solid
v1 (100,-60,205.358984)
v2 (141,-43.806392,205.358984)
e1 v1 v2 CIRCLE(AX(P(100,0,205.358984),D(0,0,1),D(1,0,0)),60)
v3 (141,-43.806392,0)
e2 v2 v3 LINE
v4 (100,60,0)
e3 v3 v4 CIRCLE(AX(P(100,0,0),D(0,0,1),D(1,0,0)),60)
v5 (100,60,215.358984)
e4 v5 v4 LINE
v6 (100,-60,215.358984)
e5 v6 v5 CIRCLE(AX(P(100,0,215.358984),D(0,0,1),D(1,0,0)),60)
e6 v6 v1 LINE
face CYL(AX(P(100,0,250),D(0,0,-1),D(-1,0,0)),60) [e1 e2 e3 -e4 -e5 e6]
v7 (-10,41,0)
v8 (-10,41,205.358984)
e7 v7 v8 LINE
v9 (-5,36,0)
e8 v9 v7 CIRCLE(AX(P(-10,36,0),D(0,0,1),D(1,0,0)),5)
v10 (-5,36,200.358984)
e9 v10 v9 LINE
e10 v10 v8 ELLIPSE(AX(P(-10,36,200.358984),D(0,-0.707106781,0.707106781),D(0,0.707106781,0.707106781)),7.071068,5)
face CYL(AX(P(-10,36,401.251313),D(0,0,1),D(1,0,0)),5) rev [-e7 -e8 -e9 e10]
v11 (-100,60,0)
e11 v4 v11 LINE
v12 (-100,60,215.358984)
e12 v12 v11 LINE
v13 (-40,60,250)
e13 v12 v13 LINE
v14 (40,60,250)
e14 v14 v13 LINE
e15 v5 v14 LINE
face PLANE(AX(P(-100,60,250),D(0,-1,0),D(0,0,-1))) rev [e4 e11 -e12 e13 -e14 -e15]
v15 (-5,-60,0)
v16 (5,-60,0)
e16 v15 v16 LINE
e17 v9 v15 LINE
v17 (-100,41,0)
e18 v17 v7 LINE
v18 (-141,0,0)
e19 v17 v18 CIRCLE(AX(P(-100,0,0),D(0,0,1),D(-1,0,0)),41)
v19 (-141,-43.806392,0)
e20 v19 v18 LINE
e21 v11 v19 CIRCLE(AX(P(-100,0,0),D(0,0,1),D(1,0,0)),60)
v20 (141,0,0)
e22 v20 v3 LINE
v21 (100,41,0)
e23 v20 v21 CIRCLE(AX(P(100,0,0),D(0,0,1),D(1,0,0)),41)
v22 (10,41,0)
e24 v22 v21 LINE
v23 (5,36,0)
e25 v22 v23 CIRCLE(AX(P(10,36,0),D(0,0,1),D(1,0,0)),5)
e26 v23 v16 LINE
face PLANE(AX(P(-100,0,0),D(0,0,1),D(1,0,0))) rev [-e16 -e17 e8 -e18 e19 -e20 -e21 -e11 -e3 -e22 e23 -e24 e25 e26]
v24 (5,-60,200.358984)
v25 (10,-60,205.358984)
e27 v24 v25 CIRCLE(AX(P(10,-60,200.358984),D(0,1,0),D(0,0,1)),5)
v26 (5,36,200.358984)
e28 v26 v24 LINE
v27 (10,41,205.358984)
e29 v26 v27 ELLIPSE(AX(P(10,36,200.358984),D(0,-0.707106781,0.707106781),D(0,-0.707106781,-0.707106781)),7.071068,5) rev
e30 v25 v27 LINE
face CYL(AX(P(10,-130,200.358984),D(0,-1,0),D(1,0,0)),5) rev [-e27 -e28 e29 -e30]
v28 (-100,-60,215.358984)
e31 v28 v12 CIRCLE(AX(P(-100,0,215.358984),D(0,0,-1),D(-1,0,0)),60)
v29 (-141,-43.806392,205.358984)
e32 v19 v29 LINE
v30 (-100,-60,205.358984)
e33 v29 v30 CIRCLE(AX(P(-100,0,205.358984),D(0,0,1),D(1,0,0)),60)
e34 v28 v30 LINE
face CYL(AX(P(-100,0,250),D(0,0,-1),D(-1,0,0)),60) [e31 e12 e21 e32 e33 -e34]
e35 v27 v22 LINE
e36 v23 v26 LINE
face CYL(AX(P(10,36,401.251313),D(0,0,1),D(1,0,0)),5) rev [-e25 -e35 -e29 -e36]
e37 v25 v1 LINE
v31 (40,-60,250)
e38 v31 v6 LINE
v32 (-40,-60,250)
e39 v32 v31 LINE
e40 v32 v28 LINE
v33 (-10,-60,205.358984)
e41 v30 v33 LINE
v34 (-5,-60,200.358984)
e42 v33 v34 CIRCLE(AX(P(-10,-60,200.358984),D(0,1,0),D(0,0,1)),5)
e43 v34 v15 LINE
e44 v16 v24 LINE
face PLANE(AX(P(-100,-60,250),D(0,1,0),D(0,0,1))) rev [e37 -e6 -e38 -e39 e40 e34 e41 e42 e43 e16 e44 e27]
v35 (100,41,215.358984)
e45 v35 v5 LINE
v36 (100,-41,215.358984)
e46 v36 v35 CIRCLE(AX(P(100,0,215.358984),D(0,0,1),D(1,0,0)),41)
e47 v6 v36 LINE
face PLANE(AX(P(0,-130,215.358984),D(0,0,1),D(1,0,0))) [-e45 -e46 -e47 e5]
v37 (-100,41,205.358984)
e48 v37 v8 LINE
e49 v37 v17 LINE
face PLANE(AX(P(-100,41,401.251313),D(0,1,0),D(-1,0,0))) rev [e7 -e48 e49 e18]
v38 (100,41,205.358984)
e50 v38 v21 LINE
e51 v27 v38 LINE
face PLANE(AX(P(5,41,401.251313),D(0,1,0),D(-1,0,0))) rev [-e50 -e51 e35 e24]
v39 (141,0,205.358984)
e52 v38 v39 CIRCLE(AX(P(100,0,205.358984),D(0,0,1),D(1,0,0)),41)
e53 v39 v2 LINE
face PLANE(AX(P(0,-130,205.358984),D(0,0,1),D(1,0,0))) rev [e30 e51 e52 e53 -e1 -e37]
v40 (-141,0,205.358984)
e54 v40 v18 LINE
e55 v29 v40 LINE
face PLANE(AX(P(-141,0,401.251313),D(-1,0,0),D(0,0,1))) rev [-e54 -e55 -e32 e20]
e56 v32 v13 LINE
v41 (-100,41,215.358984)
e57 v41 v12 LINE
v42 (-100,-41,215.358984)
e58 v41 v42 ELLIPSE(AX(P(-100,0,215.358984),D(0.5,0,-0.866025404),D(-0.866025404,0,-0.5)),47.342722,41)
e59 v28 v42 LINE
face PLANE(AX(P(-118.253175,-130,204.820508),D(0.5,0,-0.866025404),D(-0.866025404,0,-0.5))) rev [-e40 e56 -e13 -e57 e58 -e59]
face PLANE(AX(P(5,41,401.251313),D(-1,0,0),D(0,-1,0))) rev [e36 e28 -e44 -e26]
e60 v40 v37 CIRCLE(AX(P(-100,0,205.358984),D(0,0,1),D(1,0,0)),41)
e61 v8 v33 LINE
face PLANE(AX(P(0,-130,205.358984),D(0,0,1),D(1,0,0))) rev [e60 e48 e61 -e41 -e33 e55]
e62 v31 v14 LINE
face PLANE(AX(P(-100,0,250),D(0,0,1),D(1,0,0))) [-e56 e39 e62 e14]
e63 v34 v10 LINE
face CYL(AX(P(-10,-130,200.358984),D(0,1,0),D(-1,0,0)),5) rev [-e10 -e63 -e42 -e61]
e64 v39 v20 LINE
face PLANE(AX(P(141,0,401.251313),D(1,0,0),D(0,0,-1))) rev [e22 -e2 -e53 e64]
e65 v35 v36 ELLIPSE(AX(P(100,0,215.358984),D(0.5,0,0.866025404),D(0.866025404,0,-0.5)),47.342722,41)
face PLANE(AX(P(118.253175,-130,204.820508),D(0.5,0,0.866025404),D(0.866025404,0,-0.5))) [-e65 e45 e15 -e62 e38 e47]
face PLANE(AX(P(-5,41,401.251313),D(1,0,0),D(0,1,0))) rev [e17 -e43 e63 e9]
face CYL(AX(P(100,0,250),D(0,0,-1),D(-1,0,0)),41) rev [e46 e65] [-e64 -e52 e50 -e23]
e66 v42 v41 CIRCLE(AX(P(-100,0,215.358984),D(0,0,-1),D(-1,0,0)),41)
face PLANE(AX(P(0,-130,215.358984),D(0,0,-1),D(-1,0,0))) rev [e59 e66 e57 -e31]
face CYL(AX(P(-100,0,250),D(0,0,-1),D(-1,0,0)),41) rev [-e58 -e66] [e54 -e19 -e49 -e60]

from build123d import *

# Parameters (mm, degrees)
SKETCH1_R           = 41
BOSS_EXTRUDE1_DEPTH = 250
CUT_EXTRUDE2_DEPTH  = 130
CUT_EXTRUDE3_DEPTH  = 205.358983849
FILLET1_R           = 5


with BuildPart() as part:
    # Sketch1 → Boss-Extrude1 (new body)
    with BuildSketch(Plane.XY):
        with BuildLine():
            Line((-100, 60), (100, 60))
            ThreePointArc((100, 60), (160, 0), (100, -60))
            Line((100, -60), (-100, -60))
            ThreePointArc((-100, -60), (-160, 0), (-100, 60))
        make_face()
        with Locations((100, 0)):
            Circle(SKETCH1_R, mode=Mode.SUBTRACT)
        with Locations(Location((-100, 0, 0), (0, 0, 180))):
            Circle(SKETCH1_R, mode=Mode.SUBTRACT)
    extrude(amount=BOSS_EXTRUDE1_DEPTH)

    # Sketch5 → Cut-Extrude2 (cut, symmetric)
    with BuildSketch(Plane(origin=(0, 0, 0), x_dir=(1, 0, 0), z_dir=(0, 1, 0))):
        Polygon((100, -215.358983849), (40, -250), (-40, -250), (-100, -215.358983849), (-160, -215.358983849), (-160, -312.331187037), (-8.326687978, -312.331187037), (8.326687978, -312.331187037), (160, -312.331187037), (160, -215.358983849), align=None)
    extrude(amount=CUT_EXTRUDE2_DEPTH, both=True, mode=Mode.SUBTRACT)

    # Sketch7 → Cut-Extrude3 (cut)
    with BuildSketch(Plane(origin=(0, 0, 0), x_dir=(-1, 0, 0), z_dir=(0, 0, -1))):
        with BuildLine():
            Line((100, 41), (5, 41))
            Line((5, 41), (5, -85.727890399))
            Line((5, -85.727890399), (141, -85.727890399))
            Line((141, -85.727890399), (141, 0))
            ThreePointArc((141, 0), (128.991378029, 28.991378029), (100, 41))
        make_face()
        with BuildLine():
            Line((-141, 0), (-141, -85.727890399))
            Line((-141, -85.727890399), (-5, -85.727890399))
            Line((-5, -85.727890399), (-5, 41))
            Line((-5, 41), (-100, 41))
            ThreePointArc((-100, 41), (-128.991378029, 28.991378029), (-141, 0))
        make_face()
    extrude(amount=-CUT_EXTRUDE3_DEPTH, mode=Mode.SUBTRACT)

    # Fillet1
    fillet1_edges = [part.edges().sort_by_distance(p)[0] for p in [
        (5, -9.5, 205.358983849),
        (5, 41, 102.679491924),
        (-5, -9.5, 205.358983849),
        (-5, 41, 102.679491924),
    ]]
    fillet(fillet1_edges, radius=FILLET1_R)


solid = part.part
